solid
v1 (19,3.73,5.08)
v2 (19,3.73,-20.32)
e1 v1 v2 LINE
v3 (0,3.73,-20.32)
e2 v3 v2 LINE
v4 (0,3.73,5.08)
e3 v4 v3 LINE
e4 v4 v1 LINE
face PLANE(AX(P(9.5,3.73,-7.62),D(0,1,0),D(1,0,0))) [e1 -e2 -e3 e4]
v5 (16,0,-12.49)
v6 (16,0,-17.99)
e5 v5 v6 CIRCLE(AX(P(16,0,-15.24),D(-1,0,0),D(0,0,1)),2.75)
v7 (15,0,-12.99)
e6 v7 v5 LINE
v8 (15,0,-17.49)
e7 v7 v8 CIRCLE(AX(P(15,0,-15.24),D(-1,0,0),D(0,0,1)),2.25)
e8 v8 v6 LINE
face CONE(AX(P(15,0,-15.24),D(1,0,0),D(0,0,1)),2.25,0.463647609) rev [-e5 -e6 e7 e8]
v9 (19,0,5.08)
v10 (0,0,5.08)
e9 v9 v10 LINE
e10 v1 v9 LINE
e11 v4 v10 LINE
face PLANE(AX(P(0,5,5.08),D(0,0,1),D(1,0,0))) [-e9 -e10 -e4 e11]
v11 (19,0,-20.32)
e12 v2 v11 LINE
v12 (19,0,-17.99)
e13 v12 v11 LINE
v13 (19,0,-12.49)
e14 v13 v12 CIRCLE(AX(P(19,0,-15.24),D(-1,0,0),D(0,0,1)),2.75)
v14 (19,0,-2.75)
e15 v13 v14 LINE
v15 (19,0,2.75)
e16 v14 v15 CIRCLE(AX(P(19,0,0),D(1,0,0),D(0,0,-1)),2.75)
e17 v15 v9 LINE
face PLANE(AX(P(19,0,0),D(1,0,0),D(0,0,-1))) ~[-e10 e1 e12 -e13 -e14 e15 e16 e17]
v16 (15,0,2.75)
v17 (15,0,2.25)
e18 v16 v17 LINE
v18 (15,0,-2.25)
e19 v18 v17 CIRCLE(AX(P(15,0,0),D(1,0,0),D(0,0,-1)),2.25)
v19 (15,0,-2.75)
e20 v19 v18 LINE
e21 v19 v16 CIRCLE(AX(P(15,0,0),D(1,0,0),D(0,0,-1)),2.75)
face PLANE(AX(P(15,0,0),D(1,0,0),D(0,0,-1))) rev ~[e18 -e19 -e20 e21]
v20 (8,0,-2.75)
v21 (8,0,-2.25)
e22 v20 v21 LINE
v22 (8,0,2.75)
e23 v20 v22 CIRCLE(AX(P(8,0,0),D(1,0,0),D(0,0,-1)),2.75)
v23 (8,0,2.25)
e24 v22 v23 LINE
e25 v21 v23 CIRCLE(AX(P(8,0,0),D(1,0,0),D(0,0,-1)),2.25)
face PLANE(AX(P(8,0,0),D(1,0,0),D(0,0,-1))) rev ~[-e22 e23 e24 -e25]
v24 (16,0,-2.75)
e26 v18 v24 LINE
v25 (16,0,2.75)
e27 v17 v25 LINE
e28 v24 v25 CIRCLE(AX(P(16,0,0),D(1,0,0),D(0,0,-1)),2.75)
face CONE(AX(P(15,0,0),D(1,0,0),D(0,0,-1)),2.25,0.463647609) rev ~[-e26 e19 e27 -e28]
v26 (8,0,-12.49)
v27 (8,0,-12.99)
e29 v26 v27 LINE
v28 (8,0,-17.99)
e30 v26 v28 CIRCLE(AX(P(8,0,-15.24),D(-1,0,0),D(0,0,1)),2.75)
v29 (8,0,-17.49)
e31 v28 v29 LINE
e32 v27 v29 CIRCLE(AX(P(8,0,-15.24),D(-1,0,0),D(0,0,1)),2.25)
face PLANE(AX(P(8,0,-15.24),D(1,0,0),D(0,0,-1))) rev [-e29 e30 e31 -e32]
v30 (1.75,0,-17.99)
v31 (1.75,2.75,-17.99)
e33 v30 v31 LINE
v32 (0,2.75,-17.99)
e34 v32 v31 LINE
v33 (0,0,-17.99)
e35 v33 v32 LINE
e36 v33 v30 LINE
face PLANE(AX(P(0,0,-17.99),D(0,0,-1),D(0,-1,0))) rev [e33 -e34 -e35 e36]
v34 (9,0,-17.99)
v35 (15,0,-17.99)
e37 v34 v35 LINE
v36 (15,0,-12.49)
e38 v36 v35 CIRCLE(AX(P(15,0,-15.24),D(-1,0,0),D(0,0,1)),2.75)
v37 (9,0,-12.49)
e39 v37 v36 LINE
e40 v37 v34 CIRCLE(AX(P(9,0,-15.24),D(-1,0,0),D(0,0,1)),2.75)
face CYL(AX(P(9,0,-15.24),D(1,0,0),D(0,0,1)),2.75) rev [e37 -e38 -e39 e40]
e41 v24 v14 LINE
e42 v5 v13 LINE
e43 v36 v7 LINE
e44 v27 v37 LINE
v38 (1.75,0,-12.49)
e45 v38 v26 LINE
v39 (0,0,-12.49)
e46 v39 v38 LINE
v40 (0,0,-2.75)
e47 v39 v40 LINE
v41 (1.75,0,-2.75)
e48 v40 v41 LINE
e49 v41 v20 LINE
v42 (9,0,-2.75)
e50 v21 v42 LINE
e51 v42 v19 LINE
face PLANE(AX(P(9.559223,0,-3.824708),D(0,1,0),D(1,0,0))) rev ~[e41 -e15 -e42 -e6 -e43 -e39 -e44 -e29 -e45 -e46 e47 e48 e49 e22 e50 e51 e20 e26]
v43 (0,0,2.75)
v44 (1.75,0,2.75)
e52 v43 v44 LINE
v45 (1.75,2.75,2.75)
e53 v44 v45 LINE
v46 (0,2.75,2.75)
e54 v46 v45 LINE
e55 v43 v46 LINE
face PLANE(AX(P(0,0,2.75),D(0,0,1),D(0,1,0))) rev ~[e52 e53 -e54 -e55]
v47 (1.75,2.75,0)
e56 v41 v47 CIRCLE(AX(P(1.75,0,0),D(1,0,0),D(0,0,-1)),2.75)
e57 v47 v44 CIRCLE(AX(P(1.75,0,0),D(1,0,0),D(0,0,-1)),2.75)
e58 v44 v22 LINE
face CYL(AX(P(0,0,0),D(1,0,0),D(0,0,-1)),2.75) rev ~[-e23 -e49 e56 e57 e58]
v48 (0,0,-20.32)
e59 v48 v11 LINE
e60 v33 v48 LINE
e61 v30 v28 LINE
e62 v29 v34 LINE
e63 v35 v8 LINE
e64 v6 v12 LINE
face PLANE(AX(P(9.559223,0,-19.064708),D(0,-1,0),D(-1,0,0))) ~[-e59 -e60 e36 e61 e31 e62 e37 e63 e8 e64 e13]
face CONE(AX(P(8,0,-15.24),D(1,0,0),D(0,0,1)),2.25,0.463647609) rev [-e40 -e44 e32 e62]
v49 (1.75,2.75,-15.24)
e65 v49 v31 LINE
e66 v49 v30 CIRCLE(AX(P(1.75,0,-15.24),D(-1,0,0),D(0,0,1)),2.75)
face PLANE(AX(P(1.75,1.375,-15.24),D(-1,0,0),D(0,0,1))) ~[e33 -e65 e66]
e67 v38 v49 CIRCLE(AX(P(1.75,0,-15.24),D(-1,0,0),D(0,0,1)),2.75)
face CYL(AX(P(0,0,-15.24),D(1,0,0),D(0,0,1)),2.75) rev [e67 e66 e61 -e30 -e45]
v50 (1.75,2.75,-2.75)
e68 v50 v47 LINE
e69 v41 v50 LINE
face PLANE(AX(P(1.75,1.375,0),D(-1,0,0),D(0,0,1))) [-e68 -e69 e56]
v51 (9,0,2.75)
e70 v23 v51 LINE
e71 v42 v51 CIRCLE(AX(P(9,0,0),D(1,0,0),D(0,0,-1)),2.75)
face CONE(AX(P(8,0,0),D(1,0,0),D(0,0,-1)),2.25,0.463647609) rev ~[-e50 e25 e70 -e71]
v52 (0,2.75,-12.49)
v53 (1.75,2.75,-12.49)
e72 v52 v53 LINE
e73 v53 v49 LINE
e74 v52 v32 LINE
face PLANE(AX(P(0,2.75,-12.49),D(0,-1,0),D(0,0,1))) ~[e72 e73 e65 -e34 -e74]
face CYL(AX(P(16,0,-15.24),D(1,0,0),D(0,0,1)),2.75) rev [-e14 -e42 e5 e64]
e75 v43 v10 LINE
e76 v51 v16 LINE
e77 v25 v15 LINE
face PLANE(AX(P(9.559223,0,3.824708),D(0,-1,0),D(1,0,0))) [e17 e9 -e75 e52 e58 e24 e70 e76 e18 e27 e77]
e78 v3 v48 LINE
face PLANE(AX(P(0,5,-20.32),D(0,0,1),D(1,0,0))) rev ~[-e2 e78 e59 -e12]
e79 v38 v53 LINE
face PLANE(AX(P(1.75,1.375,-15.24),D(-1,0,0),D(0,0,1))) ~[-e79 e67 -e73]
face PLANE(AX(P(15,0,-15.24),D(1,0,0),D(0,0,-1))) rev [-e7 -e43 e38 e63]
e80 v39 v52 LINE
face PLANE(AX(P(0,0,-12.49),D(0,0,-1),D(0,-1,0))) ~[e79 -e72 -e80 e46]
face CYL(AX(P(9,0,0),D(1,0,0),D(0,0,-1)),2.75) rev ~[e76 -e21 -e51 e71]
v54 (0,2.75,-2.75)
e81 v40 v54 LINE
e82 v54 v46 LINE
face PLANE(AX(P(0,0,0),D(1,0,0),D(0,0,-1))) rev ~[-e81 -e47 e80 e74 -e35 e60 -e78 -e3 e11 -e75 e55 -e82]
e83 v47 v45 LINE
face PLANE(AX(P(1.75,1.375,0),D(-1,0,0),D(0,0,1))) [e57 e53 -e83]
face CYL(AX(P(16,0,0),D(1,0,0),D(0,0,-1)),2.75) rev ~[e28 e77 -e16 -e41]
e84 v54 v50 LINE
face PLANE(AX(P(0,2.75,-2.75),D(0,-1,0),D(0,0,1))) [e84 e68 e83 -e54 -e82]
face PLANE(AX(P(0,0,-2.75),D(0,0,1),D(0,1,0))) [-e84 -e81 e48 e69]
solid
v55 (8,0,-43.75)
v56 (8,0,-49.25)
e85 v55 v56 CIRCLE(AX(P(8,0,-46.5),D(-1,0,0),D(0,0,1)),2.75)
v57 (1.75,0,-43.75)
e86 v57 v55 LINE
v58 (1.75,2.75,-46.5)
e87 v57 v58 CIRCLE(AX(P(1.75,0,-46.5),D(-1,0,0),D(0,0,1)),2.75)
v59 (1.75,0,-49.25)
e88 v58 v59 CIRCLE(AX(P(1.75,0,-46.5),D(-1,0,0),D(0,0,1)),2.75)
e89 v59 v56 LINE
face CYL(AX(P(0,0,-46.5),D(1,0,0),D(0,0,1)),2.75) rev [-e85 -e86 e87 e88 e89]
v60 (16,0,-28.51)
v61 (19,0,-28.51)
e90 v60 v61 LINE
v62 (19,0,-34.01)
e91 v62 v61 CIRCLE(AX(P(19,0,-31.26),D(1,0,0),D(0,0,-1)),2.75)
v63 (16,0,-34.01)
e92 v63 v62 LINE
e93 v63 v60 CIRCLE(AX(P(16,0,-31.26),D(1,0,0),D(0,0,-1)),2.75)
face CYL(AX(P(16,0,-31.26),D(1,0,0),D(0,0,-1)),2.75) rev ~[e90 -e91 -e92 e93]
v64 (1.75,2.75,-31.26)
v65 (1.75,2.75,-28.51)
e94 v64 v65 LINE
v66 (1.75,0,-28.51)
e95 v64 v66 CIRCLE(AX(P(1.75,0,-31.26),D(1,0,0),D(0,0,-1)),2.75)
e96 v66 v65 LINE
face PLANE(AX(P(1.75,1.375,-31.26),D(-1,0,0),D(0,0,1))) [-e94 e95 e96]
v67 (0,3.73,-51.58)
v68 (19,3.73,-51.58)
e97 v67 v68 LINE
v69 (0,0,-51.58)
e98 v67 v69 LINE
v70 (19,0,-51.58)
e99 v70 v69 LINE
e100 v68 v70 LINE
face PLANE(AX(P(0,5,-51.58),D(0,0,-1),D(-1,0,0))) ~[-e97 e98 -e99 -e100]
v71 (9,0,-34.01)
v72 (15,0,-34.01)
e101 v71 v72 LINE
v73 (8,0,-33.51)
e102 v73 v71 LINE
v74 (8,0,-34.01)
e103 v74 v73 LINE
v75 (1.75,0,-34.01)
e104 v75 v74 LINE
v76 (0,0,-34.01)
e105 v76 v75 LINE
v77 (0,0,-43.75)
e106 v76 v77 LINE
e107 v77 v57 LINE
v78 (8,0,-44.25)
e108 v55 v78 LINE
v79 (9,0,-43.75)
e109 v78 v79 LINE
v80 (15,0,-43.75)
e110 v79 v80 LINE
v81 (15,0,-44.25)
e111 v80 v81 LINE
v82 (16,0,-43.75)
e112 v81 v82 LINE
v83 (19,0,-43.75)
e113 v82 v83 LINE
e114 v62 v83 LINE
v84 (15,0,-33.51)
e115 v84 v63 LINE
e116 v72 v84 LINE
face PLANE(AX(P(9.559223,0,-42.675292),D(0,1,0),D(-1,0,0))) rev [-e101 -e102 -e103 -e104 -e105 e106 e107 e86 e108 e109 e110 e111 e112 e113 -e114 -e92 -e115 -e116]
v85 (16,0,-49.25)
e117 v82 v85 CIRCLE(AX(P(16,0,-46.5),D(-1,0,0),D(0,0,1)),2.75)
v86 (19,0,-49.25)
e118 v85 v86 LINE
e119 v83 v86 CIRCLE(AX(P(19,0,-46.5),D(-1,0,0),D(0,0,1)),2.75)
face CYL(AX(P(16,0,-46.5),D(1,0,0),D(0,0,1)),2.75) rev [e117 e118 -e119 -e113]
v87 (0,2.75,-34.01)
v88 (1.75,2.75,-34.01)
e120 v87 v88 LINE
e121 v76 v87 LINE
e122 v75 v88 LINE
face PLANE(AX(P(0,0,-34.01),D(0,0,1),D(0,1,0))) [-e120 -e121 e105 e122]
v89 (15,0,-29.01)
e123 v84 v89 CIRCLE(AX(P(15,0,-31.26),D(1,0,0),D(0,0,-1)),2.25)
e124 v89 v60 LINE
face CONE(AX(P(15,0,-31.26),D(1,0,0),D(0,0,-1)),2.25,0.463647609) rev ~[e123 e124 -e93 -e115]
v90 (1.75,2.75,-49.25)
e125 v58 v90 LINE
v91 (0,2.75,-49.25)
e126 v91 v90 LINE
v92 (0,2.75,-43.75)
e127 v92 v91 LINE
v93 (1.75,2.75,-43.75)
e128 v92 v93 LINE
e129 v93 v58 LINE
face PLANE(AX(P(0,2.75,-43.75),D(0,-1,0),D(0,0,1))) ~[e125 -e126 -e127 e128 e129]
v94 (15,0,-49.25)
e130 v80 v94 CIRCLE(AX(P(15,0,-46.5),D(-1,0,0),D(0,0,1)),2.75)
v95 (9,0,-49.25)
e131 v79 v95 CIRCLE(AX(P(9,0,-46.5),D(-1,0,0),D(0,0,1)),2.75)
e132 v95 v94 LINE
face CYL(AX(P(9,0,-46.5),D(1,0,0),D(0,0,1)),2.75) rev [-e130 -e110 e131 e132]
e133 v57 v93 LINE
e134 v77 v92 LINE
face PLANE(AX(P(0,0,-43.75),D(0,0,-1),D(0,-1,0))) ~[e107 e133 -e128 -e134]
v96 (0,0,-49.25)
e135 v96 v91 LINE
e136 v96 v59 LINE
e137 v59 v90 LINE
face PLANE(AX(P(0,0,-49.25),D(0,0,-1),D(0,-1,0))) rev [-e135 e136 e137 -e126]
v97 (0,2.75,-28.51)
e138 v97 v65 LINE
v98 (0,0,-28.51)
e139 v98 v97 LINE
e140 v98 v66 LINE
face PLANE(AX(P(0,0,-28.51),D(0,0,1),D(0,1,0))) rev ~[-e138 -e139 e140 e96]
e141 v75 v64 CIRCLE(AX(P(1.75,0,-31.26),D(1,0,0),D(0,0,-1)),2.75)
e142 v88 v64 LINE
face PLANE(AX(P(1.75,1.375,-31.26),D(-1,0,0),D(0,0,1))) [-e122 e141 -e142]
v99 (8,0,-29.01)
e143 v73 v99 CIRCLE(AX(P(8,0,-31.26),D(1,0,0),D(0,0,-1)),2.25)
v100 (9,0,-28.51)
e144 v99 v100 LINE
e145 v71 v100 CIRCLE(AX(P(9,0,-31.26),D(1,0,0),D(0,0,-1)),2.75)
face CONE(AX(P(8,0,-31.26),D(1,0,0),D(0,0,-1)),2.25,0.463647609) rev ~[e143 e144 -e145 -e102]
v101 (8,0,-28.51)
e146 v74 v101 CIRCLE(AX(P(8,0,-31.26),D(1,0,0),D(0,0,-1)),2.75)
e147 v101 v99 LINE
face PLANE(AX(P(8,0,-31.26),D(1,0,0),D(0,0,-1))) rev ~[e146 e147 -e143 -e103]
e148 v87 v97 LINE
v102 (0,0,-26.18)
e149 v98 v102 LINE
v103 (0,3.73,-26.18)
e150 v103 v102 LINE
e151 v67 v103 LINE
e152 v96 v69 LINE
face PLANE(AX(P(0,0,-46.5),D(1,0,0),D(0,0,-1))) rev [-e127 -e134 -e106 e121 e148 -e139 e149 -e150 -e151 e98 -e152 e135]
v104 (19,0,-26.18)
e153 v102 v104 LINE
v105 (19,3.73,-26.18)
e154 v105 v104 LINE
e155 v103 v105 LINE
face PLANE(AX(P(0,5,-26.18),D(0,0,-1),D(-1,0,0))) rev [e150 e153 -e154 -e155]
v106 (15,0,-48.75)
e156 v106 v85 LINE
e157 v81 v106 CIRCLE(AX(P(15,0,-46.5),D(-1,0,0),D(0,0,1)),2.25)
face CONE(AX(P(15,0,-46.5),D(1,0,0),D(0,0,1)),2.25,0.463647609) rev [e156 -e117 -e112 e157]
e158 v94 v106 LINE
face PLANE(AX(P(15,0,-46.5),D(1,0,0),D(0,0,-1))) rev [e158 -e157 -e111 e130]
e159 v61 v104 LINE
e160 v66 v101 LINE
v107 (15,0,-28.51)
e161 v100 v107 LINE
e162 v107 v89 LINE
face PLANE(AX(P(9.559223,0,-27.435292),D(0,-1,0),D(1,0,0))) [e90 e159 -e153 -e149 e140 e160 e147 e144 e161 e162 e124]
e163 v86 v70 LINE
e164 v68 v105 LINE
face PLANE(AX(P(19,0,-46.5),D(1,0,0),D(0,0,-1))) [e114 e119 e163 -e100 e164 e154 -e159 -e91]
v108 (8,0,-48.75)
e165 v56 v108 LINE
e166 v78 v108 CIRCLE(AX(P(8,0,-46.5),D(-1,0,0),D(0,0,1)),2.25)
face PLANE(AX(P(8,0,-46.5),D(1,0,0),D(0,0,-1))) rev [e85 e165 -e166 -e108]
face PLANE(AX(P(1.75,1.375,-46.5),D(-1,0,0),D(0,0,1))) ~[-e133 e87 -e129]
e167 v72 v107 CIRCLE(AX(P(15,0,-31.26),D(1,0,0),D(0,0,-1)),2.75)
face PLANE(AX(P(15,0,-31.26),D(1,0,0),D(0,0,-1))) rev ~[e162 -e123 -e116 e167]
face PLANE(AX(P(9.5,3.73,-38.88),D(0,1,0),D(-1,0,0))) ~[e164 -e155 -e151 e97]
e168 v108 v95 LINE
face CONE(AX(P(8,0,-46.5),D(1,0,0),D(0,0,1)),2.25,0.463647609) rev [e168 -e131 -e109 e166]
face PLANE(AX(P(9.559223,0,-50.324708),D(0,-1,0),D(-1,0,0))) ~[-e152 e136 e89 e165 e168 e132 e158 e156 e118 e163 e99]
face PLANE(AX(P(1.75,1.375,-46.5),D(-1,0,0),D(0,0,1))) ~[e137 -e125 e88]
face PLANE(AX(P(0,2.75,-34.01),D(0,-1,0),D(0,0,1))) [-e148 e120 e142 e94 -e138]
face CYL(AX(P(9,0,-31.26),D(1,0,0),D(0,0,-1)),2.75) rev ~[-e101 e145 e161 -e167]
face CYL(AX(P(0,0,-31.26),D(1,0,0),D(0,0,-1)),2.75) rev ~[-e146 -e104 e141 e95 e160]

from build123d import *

# Parameters (mm, degrees)
REVOLVE1_ANGLE           = 180
BOSS_EXTRUDE1_DEPTH      = 9.25
BOSS_EXTRUDE1_DEPTH_BACK = 9.25
BOSS_EXTRUDE2_START      = 3.5
BOSS_EXTRUDE2_DEPTH      = 5.75
BOSS_EXTRUDE3_START      = -3.5
BOSS_EXTRUDE3_DEPTH      = 5.75
SKETCH13_W               = 5.5
SKETCH13_H               = 2.75
CUT_EXTRUDE9_DEPTH       = 1.75
SKETCH16_W               = 19
SKETCH16_H               = 4.169999961
CUT_EXTRUDE10_DEPTH      = 6
SKETCH17_W               = 19
SKETCH17_H               = 25.400000078
CUT_EXTRUDE13_DEPTH      = 1.27


with BuildPart() as part:
    # Sketch6 → Revolve1 (revolve)
    with BuildSketch(Plane(origin=(0, 0, 0), x_dir=(1, 0, 0), z_dir=(0, 1, 0))):
        Polygon((0, 5), (0, 2.75), (8, 2.75), (8, 2.25), (9, 2.75), (15, 2.75), (15, 2.25), (16, 2.75), (19, 2.75), (19, 5), align=None)
    revolve(axis=Axis((0, 0, 0), (1, 0, 0)), revolution_arc=REVOLVE1_ANGLE)

    # Sketch9 → Boss-Extrude1 (add, two sides)
    with BuildSketch(Plane.XY) as boss_extrude1_sk:
        Polygon((0, 3.25), (0, 5), (19, 5), (19, 2.75), align=None)
    extrude(amount=BOSS_EXTRUDE1_DEPTH)
    extrude(boss_extrude1_sk.sketch, amount=-BOSS_EXTRUDE1_DEPTH_BACK)

    # Sketch9<3> → Boss-Extrude2 (add)
    with BuildSketch(Plane.XY.offset(BOSS_EXTRUDE2_START)):
        Polygon((0, 3.25), (19, 2.75), (19, 0), (0, 0), align=None)
    extrude(amount=BOSS_EXTRUDE2_DEPTH)

    # Sketch9<4> → Boss-Extrude3 (add)
    with BuildSketch(Plane.XY.offset(BOSS_EXTRUDE3_START)):
        Polygon((0, 3.25), (19, 2.75), (19, 0), (0, 0), align=None)
    extrude(amount=-BOSS_EXTRUDE3_DEPTH)

    # Sketch13 → Cut-Extrude9 (cut)
    with BuildSketch(Plane.ZY):
        with Locations((0, 1.375)):
            Rectangle(SKETCH13_W, SKETCH13_H)
    extrude(amount=-CUT_EXTRUDE9_DEPTH, mode=Mode.SUBTRACT)

    # Mirror4: part across plane


with BuildPart() as part_1:
    add(part.part)
    add(part.part.mirror(Plane.XY.offset(-7.62)))

    # Sketch16 → Cut-Extrude10 (cut, through all)
    with BuildSketch(Plane(origin=(0, 5, 0), x_dir=(1, 0, 0), z_dir=(0, 1, 0))):
        with Locations((9.5, 22.40500002)):
            Rectangle(SKETCH16_W, SKETCH16_H)
        with Locations((9.5, -7.16500002)):
            Rectangle(SKETCH16_W, SKETCH16_H)
    extrude(amount=-CUT_EXTRUDE10_DEPTH, mode=Mode.SUBTRACT)

    # Sketch17 → Cut-Extrude13 (cut)
    with BuildSketch(Plane(origin=(0, 5, 0), x_dir=(1, 0, 0), z_dir=(0, 1, 0))):
        with Locations((9.5, 7.62)):
            Rectangle(SKETCH17_W, SKETCH17_H)
    extrude(amount=-CUT_EXTRUDE13_DEPTH, mode=Mode.SUBTRACT)


with BuildPart() as body_2:
    # Mirror1: mirrored copy
    add(part_1.part.mirror(Plane(origin=(0, 0, -23.25), x_dir=(1, 0, 0), z_dir=(0, 0, -1))))


solid = Compound([part_1.part, body_2.part])
